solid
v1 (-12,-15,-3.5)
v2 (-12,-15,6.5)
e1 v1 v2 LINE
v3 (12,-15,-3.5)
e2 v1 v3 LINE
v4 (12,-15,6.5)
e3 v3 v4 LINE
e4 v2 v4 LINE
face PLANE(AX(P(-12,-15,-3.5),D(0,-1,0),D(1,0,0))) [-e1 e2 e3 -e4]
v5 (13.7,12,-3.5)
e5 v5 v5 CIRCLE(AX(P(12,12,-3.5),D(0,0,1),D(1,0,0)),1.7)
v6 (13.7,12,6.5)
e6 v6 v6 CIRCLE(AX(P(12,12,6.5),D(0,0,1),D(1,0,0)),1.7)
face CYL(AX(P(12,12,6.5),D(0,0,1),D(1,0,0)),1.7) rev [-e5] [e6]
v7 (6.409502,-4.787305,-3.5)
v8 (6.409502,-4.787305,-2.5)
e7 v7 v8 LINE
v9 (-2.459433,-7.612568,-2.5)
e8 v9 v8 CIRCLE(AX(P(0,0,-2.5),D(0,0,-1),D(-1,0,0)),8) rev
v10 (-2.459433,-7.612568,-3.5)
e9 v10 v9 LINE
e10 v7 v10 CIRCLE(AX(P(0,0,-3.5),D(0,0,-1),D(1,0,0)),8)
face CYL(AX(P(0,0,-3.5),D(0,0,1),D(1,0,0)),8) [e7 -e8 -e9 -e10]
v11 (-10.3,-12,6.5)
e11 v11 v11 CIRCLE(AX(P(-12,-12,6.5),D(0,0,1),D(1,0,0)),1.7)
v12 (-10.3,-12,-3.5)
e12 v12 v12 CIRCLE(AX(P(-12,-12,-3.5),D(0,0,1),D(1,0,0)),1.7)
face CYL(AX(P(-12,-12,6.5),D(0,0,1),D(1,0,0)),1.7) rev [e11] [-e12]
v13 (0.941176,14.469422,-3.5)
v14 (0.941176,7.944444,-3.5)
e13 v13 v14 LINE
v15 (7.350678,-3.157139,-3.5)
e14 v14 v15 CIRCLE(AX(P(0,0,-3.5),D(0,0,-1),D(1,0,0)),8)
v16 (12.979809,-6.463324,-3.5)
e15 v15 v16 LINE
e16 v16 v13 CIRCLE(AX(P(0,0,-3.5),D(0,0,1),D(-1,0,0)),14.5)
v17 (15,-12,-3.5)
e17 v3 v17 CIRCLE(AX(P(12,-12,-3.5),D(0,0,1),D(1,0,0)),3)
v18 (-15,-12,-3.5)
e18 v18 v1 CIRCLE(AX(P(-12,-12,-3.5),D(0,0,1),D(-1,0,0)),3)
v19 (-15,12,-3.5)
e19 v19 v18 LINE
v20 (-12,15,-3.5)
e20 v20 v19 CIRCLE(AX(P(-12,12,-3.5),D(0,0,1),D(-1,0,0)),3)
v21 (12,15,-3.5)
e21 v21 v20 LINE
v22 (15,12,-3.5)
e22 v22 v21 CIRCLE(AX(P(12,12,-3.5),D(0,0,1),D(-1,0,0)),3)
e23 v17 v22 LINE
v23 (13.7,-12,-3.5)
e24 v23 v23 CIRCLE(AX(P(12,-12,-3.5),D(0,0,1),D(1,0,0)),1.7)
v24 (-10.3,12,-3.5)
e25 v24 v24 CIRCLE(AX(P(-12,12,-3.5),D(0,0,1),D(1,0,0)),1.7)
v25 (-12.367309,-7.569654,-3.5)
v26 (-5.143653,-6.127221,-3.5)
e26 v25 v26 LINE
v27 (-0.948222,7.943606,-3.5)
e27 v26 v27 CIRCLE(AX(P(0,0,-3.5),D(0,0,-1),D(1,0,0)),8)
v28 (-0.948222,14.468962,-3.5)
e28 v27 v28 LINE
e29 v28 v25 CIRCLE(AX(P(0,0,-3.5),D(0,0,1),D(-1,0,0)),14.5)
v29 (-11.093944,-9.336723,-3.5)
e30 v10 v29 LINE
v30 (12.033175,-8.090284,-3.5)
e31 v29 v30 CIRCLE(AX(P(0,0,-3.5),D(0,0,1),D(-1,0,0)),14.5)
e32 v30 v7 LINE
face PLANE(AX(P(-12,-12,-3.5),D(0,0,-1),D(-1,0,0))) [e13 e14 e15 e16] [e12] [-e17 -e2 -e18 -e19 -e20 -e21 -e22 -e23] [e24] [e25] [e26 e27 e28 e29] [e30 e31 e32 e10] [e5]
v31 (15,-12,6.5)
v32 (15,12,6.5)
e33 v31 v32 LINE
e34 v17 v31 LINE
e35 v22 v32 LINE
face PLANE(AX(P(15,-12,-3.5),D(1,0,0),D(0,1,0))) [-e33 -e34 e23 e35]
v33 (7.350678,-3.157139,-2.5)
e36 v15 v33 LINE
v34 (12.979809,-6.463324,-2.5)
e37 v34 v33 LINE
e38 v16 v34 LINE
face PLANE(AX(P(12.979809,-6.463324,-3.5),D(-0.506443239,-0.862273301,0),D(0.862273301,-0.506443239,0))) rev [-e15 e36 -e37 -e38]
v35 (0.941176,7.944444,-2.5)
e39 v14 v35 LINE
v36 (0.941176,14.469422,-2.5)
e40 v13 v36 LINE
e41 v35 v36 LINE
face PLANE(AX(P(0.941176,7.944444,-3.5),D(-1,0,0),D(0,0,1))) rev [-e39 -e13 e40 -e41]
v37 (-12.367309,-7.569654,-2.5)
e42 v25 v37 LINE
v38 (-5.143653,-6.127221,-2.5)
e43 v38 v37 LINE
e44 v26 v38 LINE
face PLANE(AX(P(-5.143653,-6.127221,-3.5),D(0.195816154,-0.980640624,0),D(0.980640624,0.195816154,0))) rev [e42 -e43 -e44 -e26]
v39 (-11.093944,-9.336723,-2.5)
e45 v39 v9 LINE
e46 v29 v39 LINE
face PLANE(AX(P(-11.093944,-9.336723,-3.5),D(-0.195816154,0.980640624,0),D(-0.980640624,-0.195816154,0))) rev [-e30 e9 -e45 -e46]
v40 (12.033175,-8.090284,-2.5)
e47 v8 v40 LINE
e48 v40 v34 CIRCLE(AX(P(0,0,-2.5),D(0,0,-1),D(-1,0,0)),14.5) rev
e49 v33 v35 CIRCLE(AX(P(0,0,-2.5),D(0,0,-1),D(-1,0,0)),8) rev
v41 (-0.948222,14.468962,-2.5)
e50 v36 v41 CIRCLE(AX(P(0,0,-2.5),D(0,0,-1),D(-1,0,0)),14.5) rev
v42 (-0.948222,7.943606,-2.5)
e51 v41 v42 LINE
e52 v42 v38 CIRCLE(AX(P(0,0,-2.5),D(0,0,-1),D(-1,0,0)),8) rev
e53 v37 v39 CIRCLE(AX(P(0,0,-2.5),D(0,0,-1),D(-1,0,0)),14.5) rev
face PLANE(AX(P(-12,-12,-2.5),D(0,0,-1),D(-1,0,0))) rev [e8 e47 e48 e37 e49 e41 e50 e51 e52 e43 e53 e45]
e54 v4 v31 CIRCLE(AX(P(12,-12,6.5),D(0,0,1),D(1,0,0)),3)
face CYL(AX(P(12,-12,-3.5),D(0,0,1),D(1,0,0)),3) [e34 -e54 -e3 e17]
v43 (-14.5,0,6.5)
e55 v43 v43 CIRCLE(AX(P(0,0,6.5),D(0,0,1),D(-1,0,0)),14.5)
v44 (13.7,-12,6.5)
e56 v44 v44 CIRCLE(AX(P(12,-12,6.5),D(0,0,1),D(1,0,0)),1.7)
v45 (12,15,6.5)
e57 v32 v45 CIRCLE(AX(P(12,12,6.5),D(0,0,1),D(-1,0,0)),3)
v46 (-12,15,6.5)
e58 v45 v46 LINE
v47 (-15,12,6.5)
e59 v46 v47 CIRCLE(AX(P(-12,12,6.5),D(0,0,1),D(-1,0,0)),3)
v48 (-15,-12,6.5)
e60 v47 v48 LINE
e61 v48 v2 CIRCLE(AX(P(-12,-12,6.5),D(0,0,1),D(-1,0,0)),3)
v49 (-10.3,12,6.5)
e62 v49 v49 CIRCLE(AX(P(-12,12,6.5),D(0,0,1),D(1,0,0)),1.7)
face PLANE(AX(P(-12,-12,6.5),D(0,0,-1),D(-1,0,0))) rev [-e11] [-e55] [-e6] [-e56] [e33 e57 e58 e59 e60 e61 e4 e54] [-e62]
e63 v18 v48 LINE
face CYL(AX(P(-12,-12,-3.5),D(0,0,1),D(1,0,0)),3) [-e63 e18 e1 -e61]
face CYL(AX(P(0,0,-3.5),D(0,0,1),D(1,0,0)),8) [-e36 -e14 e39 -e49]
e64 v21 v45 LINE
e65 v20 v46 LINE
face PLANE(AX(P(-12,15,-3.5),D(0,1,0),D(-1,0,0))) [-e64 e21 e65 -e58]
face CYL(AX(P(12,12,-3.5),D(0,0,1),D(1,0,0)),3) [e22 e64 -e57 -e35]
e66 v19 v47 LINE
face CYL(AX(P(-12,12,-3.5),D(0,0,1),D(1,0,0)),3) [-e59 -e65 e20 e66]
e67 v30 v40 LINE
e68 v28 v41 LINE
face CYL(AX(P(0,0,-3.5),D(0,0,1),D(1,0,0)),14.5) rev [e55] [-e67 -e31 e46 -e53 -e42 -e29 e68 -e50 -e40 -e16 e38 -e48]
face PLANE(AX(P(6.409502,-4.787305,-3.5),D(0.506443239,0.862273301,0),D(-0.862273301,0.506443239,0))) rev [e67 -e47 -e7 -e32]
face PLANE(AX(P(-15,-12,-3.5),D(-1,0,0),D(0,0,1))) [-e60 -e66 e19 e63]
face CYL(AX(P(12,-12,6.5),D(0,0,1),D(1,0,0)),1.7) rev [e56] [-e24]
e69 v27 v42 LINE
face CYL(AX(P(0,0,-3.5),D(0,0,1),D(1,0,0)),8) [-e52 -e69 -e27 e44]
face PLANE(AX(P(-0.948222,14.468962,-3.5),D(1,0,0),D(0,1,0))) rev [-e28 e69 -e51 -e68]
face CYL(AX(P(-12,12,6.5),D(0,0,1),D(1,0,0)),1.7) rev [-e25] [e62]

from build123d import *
from build123d.topology import SkipClean

# Parameters (mm, degrees)
BOSS_EXTRU_1_DEPTH      = 10
ENL_V_MAT_EXTRU_1_DEPTH = 9
D_GAGEMENT_M32_D        = 3.4


with BuildPart() as part:
    # Esquisse1 → Boss.-Extru.1 (new body)
    with BuildSketch(Plane.XY.offset(6.5)):
        with BuildLine():
            Line((-12, -15), (12, -15))
            ThreePointArc((12, -15), (14.121320344, -14.121320344), (15, -12))
            Line((15, -12), (15, 12))
            ThreePointArc((15, 12), (14.121320344, 14.121320344), (12, 15))
            Line((12, 15), (-12, 15))
            ThreePointArc((-12, 15), (-14.121320344, 14.121320344), (-15, 12))
            Line((-15, 12), (-15, -12))
            ThreePointArc((-15, -12), (-14.121320344, -14.121320344), (-12, -15))
        make_face()
        with BuildLine():
            Line((6.409501891, -4.787304619), (12.033174962, -8.090284317))
            ThreePointArc((12.033174962, -8.090284317), (0.780346659, -14.478986812), (-11.093944394, -9.336723075))
            Line((-11.093944394, -9.336723075), (-2.459433312, -7.612567752))
            ThreePointArc((-2.459433312, -7.612567752), (2.428227417, -7.622579066), (6.409501891, -4.787304619))
        make_face(mode=Mode.SUBTRACT)
        with BuildLine():
            Line((12.979808931, -6.463324231), (7.350678361, -3.157139153))
            ThreePointArc((7.350678361, -3.157139153), (6.92820323, 4), (0.941176471, 7.944443772))
            Line((0.941176471, 7.944443772), (0.941176471, 14.469422478))
            ThreePointArc((0.941176471, 14.469422478), (12.56954374, 7.228870601), (12.979808931, -6.463324231))
        make_face(mode=Mode.SUBTRACT)
        with BuildLine():
            Line((-5.143653135, -6.127220612), (-12.367309381, -7.569653802))
            ThreePointArc((-12.367309381, -7.569653802), (-12.874431786, 6.670757541), (-0.948221665, 14.468962495))
            Line((-0.948221665, 14.468962495), (-0.948221665, 7.943605962))
            ThreePointArc((-0.948221665, 7.943605962), (-7.666470815, 2.285875158), (-5.143653135, -6.127220612))
        make_face(mode=Mode.SUBTRACT)
    extrude(amount=-BOSS_EXTRU_1_DEPTH)

    # Esquisse2 → Enlèv. mat.-Extru.1 (cut)
    with SkipClean():  # the faces are left unmerged after this step: merging them gives an invalid solid
        with BuildSketch(Plane.XY.offset(6.5)):
            with BuildLine():
                Line((-11.093944394, -9.336723075), (-2.459433312, -7.612567752))
                ThreePointArc((-2.459433312, -7.612567752), (2.428227417, -7.622579066), (6.409501891, -4.787304619))
                Line((6.409501891, -4.787304619), (12.033174962, -8.090284317))
                ThreePointArc((12.033174962, -8.090284317), (12.532920274, -7.292181389), (12.979808931, -6.463324231))
                Line((12.979808931, -6.463324231), (7.350678361, -3.157139153))
                ThreePointArc((7.350678361, -3.157139153), (6.92820323, 4), (0.941176471, 7.944443772))
                Line((0.941176471, 7.944443772), (0.941176471, 14.469422478))
                ThreePointArc((0.941176471, 14.469422478), (-0.003530097, 14.49999957), (-0.948221665, 14.468962495))
                Line((-0.948221665, 14.468962495), (-0.948221665, 7.943605962))
                ThreePointArc((-0.948221665, 7.943605962), (-7.666470815, 2.285875158), (-5.143653135, -6.127220612))
                Line((-5.143653135, -6.127220612), (-12.367309381, -7.569653802))
                ThreePointArc((-12.367309381, -7.569653802), (-11.763853137, -8.477131553), (-11.093944394, -9.336723075))
            make_face()
        extrude(amount=-ENL_V_MAT_EXTRU_1_DEPTH, mode=Mode.SUBTRACT)

    # Dégagement M32 (through all)
    with Locations(Plane.XY.offset(6.5)):
        with Locations((-12, 12), (-12, -12), (12, -12), (12, 12)):
            Hole(D_GAGEMENT_M32_D / 2)


solid = part.part
